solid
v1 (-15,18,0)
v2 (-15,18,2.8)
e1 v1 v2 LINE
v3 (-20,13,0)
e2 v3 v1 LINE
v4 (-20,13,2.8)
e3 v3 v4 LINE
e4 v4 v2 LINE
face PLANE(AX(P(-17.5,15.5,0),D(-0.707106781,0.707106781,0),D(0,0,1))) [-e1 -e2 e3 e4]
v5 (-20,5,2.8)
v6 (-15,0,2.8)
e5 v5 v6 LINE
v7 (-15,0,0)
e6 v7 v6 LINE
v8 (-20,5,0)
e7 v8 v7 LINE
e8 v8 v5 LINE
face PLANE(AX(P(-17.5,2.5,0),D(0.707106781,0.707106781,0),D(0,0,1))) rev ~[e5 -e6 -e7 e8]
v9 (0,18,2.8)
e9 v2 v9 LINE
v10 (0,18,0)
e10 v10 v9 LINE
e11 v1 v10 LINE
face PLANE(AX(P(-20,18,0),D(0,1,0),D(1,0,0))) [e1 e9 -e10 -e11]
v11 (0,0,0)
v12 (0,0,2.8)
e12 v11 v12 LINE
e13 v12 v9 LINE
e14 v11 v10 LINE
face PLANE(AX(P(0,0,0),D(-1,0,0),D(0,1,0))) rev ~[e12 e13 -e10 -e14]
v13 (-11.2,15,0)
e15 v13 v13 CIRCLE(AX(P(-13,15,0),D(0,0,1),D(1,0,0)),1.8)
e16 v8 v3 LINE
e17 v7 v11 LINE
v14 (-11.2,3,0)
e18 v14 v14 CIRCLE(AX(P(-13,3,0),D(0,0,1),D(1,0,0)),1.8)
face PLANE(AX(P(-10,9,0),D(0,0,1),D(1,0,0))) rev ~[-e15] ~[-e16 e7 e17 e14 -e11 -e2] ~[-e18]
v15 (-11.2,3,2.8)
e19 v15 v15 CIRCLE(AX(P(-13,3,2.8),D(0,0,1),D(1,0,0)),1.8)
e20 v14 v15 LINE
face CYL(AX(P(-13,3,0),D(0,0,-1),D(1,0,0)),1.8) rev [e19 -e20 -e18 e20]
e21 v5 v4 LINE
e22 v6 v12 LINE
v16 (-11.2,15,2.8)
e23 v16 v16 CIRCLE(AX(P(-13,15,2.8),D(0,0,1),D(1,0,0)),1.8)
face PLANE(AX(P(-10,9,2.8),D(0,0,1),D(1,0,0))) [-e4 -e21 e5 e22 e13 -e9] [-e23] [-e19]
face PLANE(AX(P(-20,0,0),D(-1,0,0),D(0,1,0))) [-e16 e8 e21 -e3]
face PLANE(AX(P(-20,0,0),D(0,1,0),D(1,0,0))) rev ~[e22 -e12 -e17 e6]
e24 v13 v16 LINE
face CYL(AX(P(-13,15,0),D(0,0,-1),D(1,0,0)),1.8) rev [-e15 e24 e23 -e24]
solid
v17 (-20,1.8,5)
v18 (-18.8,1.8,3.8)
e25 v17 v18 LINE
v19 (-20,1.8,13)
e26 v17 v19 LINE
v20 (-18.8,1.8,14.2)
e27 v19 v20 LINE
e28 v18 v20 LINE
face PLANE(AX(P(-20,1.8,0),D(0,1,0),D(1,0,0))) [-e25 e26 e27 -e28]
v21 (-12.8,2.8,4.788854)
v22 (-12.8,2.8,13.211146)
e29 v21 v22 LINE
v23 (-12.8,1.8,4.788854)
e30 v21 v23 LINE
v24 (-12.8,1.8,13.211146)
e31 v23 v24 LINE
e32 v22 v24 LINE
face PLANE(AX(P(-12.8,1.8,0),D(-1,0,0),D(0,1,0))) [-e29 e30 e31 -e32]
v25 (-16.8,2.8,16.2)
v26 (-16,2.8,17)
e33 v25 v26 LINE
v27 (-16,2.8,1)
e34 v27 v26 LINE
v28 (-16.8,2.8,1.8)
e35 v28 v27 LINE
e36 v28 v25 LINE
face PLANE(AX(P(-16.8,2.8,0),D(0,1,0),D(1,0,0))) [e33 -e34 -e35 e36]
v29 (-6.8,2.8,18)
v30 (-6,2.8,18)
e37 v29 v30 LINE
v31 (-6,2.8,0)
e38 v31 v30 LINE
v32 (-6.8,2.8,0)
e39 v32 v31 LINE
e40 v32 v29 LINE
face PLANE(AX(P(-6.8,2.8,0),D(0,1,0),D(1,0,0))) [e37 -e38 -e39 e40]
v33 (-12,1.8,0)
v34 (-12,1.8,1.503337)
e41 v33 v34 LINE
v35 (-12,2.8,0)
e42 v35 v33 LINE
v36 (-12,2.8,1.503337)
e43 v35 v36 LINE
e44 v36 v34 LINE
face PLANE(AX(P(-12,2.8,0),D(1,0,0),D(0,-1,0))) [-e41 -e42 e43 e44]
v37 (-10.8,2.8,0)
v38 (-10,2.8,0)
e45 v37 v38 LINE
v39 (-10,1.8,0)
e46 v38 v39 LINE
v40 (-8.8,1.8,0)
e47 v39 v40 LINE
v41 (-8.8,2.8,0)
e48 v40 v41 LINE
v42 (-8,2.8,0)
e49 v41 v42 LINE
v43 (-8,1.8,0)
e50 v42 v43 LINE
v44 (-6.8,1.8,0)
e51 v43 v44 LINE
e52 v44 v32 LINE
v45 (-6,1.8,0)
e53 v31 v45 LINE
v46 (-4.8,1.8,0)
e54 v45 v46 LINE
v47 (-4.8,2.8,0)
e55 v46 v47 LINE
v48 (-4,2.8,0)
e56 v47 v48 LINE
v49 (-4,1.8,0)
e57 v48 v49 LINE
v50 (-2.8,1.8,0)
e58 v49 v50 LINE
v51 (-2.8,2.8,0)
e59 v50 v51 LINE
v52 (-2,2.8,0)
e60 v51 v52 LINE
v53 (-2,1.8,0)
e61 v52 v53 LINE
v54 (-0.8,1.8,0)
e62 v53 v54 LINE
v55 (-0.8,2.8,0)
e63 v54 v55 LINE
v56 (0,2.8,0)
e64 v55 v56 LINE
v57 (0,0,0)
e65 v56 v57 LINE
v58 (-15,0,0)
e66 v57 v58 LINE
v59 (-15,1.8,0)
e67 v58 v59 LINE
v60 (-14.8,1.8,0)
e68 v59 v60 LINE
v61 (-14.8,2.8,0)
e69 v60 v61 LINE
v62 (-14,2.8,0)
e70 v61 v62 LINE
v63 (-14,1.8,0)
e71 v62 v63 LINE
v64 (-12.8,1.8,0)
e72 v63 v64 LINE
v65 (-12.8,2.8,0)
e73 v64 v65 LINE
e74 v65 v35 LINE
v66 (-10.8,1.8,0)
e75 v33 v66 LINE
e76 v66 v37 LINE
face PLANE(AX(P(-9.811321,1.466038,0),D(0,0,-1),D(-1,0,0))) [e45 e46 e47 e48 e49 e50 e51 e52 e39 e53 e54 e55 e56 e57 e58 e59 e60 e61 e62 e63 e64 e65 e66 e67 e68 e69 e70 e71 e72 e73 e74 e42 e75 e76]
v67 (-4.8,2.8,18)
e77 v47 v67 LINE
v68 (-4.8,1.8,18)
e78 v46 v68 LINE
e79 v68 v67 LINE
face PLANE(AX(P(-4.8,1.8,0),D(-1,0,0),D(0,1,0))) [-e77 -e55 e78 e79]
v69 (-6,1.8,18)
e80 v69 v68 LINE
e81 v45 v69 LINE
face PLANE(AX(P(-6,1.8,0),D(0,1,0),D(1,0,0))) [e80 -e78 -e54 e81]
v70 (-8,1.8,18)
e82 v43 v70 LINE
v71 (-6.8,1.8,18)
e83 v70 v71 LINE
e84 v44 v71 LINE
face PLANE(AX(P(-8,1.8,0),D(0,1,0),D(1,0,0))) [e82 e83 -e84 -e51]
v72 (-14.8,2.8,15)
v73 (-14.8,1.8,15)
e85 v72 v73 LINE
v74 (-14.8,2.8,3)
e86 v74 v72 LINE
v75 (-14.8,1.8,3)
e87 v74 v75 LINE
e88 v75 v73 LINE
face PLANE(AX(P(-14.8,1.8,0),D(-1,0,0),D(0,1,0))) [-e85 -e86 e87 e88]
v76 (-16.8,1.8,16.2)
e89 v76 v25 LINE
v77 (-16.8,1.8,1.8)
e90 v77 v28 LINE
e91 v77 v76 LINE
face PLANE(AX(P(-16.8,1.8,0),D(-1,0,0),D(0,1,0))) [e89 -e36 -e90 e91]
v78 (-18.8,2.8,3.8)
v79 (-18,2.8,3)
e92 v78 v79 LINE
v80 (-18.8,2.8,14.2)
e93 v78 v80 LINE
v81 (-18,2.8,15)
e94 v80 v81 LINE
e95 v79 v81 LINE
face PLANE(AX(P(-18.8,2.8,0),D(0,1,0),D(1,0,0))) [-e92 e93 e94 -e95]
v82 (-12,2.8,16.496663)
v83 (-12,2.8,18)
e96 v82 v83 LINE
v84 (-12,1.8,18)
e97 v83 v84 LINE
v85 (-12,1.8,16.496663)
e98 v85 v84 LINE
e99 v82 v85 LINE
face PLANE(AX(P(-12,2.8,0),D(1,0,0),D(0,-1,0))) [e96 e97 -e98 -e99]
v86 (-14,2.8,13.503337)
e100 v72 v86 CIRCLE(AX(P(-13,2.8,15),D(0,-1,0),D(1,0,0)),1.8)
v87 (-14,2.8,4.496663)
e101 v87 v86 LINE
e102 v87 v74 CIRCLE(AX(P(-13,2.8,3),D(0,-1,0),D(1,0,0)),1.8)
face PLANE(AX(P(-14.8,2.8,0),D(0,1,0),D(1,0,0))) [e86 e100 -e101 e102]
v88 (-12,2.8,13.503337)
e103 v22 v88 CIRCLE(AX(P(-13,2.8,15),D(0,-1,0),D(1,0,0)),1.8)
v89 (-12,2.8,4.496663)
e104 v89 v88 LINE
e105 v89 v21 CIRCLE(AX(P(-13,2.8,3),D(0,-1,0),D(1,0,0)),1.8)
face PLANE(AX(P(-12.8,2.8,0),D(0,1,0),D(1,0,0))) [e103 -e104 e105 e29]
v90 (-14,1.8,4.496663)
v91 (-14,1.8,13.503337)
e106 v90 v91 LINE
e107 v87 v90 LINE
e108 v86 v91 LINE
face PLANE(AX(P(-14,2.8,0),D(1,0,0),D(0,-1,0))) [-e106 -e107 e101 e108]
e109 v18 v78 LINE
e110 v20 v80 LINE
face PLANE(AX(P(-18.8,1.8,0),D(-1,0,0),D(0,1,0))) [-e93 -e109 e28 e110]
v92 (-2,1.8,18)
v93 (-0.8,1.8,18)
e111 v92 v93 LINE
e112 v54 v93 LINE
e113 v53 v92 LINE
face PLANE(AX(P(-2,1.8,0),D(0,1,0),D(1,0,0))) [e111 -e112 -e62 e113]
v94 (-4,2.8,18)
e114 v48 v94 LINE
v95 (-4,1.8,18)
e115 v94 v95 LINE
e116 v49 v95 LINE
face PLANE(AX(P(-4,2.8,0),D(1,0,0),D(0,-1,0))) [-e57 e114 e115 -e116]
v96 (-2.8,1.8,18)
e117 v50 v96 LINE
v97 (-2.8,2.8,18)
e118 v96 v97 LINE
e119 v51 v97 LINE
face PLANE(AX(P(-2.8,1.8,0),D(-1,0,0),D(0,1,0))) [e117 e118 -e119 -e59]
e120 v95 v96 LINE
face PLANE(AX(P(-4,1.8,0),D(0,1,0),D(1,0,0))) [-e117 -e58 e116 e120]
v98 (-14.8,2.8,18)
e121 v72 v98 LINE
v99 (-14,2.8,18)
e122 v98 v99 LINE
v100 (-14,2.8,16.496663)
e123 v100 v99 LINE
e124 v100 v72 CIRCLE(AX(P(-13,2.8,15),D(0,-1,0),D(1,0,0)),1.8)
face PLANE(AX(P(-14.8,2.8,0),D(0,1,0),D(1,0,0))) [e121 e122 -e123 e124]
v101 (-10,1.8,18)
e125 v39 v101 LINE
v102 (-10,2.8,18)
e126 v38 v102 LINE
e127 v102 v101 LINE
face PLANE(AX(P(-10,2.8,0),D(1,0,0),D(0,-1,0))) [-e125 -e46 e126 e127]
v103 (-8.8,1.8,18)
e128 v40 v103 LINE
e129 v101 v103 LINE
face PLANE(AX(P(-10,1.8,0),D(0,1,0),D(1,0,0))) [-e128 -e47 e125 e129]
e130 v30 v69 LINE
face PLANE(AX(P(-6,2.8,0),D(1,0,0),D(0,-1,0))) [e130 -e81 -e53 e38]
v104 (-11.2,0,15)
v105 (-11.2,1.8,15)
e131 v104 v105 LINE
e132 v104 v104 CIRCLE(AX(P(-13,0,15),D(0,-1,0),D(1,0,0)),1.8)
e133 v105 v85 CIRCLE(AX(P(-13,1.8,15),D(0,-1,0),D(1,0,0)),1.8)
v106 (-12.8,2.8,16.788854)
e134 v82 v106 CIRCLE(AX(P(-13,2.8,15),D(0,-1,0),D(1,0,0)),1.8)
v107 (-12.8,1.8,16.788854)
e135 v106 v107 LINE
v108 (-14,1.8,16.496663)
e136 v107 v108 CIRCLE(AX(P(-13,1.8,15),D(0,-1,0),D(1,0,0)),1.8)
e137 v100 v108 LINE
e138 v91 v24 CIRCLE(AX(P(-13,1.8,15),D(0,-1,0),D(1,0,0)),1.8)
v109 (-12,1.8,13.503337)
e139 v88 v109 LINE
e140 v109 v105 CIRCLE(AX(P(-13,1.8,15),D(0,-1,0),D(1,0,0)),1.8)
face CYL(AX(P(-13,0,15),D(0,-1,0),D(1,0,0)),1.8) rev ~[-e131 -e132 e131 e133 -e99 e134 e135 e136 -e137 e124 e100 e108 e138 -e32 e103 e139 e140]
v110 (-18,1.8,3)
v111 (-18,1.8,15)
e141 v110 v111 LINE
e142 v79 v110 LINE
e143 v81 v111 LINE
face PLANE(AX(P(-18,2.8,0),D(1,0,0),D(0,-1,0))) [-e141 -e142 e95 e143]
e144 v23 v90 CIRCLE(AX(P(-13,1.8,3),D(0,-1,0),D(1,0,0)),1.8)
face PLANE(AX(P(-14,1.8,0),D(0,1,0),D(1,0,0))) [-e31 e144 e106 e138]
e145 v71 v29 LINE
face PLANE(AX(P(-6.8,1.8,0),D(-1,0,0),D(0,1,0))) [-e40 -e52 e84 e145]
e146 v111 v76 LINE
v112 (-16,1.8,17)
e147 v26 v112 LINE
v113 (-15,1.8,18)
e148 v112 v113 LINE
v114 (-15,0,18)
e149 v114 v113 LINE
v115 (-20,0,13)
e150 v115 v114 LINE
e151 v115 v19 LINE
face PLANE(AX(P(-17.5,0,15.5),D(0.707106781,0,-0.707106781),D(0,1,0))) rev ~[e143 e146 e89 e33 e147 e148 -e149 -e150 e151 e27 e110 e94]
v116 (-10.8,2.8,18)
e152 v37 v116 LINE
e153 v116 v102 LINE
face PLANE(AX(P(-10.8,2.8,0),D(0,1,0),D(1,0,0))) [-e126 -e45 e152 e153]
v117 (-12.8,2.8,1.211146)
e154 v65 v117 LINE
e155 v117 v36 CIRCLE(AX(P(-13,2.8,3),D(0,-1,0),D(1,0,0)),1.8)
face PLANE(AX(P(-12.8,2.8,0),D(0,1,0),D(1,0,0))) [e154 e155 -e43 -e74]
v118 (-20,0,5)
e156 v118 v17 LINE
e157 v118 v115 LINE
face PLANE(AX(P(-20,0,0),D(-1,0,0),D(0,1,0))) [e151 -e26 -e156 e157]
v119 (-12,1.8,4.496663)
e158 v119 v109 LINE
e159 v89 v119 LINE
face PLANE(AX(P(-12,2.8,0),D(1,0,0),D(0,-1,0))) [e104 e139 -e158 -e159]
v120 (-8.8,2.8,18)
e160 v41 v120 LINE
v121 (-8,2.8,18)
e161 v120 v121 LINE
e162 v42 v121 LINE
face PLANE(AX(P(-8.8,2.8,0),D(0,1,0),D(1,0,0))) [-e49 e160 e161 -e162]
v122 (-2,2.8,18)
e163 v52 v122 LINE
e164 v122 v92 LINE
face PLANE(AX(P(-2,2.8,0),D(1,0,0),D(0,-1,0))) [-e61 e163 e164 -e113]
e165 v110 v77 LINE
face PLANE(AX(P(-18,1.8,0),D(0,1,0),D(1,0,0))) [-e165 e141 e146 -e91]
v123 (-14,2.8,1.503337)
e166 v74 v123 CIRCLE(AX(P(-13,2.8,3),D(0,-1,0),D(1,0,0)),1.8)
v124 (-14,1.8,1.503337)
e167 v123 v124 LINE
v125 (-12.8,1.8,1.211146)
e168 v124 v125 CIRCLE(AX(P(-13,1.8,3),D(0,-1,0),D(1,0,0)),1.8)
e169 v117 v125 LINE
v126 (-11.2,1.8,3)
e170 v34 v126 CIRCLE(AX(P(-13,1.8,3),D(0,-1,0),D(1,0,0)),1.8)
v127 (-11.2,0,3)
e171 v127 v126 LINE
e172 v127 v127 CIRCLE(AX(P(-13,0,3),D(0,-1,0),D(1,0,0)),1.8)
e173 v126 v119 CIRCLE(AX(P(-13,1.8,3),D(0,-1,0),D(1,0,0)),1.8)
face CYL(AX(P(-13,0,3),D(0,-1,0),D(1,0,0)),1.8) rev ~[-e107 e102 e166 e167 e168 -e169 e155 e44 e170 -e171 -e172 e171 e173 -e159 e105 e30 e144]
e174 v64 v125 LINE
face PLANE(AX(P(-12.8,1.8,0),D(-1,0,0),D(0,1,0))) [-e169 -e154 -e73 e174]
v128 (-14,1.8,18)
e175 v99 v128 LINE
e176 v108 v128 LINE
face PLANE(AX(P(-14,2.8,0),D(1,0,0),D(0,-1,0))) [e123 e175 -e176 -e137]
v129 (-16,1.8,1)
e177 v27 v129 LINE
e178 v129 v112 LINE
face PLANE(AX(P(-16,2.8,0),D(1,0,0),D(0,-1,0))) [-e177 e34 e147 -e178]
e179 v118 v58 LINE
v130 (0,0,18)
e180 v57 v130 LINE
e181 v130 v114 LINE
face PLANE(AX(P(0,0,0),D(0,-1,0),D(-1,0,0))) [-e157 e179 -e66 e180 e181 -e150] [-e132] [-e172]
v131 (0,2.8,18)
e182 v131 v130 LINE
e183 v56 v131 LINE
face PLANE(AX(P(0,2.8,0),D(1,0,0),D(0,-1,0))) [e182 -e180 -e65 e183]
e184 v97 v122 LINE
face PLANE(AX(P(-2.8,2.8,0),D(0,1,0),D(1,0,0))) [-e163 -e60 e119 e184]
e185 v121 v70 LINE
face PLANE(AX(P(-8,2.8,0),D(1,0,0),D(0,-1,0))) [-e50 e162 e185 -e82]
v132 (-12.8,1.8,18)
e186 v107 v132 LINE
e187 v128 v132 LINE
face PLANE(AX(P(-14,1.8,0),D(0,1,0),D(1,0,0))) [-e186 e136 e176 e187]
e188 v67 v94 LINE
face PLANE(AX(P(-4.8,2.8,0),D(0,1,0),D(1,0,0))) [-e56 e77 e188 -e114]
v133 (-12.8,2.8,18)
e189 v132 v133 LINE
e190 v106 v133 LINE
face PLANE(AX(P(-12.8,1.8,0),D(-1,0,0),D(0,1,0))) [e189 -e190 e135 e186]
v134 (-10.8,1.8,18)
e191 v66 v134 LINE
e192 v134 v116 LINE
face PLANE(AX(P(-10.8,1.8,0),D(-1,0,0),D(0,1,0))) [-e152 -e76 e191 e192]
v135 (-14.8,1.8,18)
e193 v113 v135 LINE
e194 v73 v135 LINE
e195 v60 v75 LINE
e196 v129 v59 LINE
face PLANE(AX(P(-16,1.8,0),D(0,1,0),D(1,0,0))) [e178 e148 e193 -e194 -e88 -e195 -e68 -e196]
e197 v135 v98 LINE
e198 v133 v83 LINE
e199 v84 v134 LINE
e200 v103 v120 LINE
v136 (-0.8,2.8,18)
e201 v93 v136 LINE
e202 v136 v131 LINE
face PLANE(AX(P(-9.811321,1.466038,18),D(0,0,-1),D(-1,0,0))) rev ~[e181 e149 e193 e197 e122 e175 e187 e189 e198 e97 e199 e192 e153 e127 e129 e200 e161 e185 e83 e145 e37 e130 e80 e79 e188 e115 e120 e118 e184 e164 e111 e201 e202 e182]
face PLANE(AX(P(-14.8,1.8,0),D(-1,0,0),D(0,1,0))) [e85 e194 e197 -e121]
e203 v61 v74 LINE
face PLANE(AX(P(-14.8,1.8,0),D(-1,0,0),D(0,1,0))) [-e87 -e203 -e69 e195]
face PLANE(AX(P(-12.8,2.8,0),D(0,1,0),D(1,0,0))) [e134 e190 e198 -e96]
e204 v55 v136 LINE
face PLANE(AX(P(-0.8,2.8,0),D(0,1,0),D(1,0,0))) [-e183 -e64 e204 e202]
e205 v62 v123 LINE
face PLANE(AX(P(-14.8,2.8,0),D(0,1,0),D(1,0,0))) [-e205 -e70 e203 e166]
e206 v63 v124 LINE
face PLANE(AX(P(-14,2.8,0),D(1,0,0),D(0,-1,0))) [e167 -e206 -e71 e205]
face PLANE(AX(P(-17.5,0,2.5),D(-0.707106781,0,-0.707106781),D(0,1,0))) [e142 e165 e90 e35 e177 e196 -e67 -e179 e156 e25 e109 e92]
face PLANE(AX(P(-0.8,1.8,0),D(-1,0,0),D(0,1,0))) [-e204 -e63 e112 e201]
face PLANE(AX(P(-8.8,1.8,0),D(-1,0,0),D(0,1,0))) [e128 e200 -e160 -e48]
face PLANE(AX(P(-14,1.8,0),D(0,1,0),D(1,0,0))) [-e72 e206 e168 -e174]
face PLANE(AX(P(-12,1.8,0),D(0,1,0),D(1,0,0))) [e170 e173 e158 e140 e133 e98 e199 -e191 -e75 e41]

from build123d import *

# Parameters (mm, degrees)
PAD_DEPTH       = 18
SKETCH001_R     = 1.8
POCKET_DEPTH    = 5
CHAMFER_SIZE    = 5
SKETCH002_W     = 20
SKETCH002_H     = 18
SKETCH002_R     = 1.8
PAD001_DEPTH    = 2.8
CHAMFER001_SIZE = 5


with BuildPart() as chamfer_body:
    # Sketch → Pad (new body)
    with BuildSketch(Plane.XY):
        Polygon((-20, 1.8), (-18.8, 1.8), (-18.8, 2.8), (-18, 2.8), (-18, 1.8), (-16.8, 1.8), (-16.8, 2.8), (-16, 2.8), (-16, 1.8), (-14.8, 1.8), (-14.8, 2.8), (-14, 2.8), (-14, 1.8), (-12.8, 1.8), (-12.8, 2.8), (-12, 2.8), (-12, 1.8), (-10.8, 1.8), (-10.8, 2.8), (-10, 2.8), (-10, 1.8), (-8.8, 1.8), (-8.8, 2.8), (-8, 2.8), (-8, 1.8), (-6.8, 1.8), (-6.8, 2.8), (-6, 2.8), (-6, 1.8), (-4.8, 1.8), (-4.8, 2.8), (-4, 2.8), (-4, 1.8), (-2.8, 1.8), (-2.8, 2.8), (-2, 2.8), (-2, 1.8), (-0.8, 1.8), (-0.8, 2.8), (0, 2.8), (0, 0), (-20, 0), align=None)
    extrude(amount=PAD_DEPTH)

    # Sketch001 → Pocket (cut)
    with BuildSketch(Plane.XZ):
        with Locations((-13, 15)):
            Circle(SKETCH001_R)
        with Locations((-13, 3)):
            Circle(SKETCH001_R)
    extrude(amount=-POCKET_DEPTH, mode=Mode.SUBTRACT)

    # Chamfer
    chamfer_edges = [chamfer_body.edges().sort_by_distance(p)[0] for p in [
        (-20, 0.9, 18),
        (-20, 0.9, 0),
    ]]
    chamfer(chamfer_edges, length=CHAMFER_SIZE)


with BuildPart() as chamfer001:
    # Sketch002 → Pad001 (new body)
    with BuildSketch(Plane.XY):
        with Locations((-10, 9)):
            Rectangle(SKETCH002_W, SKETCH002_H)
        with Locations((-13, 15)):
            Circle(SKETCH002_R, mode=Mode.SUBTRACT)
        with Locations((-13, 3)):
            Circle(SKETCH002_R, mode=Mode.SUBTRACT)
    extrude(amount=PAD001_DEPTH)

    # Chamfer001
    chamfer001_edges = [chamfer001.edges().sort_by_distance(p)[0] for p in [
        (-20, 18, 1.4),
        (-20, 0, 1.4),
    ]]
    chamfer(chamfer001_edges, length=CHAMFER001_SIZE)


solid = Compound([chamfer_body.part, chamfer001.part])
